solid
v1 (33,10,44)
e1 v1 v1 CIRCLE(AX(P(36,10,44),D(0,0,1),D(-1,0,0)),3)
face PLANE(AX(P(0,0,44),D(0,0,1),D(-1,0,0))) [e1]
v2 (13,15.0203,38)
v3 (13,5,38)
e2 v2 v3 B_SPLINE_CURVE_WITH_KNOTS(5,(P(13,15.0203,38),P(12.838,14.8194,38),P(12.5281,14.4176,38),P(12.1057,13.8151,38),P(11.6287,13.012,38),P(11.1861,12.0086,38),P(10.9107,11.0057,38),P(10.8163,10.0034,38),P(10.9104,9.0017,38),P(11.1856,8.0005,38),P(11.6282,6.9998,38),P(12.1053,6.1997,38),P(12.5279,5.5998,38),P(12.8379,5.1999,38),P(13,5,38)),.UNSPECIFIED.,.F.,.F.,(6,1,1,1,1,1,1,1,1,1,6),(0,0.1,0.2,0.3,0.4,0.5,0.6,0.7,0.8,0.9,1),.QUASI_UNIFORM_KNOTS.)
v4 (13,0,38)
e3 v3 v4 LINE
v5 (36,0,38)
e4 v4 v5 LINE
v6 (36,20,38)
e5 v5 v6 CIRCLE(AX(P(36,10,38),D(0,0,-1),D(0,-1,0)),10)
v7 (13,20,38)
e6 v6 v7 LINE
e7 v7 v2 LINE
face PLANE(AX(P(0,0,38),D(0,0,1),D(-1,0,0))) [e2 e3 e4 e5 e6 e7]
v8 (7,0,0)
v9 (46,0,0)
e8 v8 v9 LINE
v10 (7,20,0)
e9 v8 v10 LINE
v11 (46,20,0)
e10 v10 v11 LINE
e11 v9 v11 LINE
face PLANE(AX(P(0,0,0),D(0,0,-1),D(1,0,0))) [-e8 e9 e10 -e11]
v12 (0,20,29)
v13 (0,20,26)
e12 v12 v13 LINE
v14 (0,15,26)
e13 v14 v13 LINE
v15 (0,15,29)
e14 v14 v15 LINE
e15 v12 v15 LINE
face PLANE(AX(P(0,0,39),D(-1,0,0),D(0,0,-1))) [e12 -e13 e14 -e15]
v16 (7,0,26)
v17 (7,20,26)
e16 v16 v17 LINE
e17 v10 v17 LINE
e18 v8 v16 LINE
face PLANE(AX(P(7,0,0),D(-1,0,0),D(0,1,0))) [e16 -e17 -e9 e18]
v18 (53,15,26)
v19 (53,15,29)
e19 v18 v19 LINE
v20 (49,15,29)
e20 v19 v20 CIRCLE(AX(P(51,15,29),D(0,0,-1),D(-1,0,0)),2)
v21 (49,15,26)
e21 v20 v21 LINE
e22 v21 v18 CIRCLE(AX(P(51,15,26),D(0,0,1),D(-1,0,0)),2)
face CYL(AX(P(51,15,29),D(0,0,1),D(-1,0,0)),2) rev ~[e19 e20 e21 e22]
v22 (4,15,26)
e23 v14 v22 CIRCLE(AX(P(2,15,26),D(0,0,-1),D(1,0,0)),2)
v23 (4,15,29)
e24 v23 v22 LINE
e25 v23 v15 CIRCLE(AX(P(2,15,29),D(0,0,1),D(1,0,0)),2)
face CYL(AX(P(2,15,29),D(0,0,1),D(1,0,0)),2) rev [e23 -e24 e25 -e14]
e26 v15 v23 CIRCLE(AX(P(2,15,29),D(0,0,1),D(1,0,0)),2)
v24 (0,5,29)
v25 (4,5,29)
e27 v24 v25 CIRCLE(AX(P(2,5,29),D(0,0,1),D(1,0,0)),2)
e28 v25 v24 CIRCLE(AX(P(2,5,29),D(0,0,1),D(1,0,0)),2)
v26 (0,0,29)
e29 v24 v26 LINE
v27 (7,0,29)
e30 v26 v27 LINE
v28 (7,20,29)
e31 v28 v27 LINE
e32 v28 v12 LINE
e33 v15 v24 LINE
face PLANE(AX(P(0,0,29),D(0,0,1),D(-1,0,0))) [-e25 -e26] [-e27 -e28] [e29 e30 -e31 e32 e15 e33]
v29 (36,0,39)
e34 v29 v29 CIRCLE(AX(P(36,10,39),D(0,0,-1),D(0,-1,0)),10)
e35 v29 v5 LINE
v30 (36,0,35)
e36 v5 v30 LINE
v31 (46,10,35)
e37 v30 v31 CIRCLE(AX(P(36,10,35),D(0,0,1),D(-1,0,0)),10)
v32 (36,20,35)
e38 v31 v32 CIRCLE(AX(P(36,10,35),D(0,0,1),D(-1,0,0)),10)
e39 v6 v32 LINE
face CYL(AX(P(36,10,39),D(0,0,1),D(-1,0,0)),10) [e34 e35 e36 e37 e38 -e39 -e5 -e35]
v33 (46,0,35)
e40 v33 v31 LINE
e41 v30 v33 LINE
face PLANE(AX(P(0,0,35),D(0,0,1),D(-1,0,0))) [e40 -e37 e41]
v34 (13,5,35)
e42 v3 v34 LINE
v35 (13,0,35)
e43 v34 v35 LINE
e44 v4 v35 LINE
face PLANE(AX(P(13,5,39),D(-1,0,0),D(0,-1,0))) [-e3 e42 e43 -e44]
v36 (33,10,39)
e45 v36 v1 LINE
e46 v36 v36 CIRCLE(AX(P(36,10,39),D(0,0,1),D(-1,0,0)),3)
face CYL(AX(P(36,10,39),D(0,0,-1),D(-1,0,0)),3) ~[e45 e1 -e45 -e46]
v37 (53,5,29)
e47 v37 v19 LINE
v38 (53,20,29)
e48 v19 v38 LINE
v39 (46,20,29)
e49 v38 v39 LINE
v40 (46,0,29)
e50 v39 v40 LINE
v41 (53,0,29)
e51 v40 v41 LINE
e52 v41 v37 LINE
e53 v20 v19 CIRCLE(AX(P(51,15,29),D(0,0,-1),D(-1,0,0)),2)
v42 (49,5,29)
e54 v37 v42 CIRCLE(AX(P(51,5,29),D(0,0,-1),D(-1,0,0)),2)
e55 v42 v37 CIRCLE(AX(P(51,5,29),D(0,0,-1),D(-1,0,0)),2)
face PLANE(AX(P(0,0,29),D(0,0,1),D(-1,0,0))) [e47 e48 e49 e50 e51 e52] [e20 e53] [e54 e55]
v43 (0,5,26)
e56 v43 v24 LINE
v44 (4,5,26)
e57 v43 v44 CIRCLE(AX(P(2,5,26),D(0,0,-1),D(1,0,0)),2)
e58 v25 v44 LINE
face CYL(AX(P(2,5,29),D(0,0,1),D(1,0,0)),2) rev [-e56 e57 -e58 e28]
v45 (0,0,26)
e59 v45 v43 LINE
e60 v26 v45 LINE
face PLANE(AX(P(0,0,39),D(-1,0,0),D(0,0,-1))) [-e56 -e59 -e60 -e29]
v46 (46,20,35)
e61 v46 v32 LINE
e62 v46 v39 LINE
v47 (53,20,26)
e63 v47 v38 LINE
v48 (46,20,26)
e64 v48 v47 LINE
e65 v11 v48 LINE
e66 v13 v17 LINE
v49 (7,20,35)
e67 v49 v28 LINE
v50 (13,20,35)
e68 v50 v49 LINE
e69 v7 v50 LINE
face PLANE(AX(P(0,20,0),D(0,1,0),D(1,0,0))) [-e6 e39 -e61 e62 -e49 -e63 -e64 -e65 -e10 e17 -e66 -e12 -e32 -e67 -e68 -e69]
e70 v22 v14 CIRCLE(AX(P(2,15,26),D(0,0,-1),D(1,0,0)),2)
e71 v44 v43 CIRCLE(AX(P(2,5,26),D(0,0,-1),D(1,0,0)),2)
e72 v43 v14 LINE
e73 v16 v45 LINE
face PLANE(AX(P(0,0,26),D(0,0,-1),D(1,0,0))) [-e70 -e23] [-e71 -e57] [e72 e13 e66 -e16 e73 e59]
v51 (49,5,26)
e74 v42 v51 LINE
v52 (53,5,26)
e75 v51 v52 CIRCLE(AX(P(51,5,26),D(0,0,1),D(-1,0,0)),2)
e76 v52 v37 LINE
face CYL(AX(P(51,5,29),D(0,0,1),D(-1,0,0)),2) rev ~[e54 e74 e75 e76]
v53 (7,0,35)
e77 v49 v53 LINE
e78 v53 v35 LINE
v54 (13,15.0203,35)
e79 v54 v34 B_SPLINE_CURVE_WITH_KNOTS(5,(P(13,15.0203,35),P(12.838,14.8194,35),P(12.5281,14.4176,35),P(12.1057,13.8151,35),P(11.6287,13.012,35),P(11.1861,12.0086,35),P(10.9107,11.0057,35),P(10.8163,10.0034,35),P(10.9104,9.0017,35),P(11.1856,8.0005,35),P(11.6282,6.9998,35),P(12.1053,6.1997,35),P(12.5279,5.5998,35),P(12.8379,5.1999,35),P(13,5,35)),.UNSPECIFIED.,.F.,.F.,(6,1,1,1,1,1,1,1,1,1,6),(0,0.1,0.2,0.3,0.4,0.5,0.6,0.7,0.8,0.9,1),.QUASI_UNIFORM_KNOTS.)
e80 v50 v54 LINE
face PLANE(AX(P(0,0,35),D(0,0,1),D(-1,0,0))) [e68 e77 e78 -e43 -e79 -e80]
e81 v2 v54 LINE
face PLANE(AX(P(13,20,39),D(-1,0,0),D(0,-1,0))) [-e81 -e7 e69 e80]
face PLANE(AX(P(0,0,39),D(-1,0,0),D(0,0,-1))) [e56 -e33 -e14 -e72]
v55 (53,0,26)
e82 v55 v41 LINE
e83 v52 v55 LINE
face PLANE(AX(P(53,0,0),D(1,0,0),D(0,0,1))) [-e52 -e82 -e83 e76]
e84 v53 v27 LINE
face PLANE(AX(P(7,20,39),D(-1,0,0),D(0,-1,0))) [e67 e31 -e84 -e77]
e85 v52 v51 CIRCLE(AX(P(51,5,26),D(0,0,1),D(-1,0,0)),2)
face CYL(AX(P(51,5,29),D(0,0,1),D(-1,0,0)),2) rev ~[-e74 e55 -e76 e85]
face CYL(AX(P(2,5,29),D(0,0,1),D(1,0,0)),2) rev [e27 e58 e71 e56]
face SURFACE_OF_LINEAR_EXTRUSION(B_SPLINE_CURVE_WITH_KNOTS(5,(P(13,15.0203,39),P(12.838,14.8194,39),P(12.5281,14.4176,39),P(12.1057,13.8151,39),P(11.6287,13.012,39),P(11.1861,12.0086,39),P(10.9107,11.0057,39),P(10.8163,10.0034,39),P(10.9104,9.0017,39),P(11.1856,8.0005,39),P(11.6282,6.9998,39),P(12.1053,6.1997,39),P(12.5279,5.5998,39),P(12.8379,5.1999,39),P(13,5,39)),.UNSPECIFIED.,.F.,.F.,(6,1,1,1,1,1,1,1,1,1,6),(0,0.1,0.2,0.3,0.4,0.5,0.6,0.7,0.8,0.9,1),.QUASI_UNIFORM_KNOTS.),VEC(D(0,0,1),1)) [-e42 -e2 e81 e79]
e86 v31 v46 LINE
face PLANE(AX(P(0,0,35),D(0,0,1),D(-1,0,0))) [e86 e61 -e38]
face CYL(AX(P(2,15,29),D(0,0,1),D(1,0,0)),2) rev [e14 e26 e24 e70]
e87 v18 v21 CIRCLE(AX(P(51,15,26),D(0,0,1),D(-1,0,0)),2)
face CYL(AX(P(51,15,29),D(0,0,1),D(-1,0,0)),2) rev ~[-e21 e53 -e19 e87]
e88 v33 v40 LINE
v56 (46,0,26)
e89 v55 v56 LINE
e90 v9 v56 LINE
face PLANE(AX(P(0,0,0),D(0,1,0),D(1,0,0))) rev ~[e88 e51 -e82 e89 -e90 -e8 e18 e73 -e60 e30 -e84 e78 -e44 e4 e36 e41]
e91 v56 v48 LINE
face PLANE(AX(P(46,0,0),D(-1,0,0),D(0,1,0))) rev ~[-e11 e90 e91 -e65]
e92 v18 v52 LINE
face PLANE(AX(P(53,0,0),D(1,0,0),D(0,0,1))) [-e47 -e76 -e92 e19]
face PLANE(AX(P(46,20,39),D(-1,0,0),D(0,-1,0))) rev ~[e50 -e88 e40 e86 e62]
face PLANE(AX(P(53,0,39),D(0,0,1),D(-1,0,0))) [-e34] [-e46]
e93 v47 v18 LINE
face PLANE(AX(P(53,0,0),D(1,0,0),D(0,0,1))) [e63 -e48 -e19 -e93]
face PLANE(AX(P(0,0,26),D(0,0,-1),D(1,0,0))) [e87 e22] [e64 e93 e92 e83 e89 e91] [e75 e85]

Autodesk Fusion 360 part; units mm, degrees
sketch "Sketch1" plane through (0, 0, 0) normal (0, 1, 0) x (1, 0, 0)
  line L0 (0, 0) -> (53, 0)
  line L1 (53, 0) -> (53, -39)
  line L2 (53, -39) -> (0, -39)
  line L3 (0, -39) -> (0, 0)
  dimension "d1" = 53
  dimension "d2" = 39
extrude "Extrude1" add sketch "Sketch1" along normal blind 20
sketch "Sketch2" plane through (0, 0, 39) normal (0, 0, 1) x (-1, 0, 0)
  line L0 (0, 0) -> (-53, 0)
  line L1 (-53, 0) -> (-53, -20)
  line L2 (-53, -20) -> (0, -20)
  line L3 (0, -20) -> (0, 0)
  line L4 (0, -20) -> (-7, -20)
  line L5 (-7, -20) -> (-7, 0)
  line L6 (-7, 0) -> (0, 0)
  line L7 (0, 0) -> (0, -20)
  line L8 (-53, -20) -> (-46, -20)
  line L9 (-46, -20) -> (-46, 0)
  line L10 (-46, 0) -> (-53, 0)
  line L11 (-53, 0) -> (-53, -20)
  dimension "d5" = 7
  dimension "d6" = 7
extrude "Extrude2" cut sketch "Sketch2" against normal blind 10 contours L0 L2 L3 L4 L5 L6 L7 | L0 L1 L2 L8 L9 L10 L11
sketch "Sketch3" plane through (0, 0, 0) normal (0, 0, -1) x (1, 0, 0)
  line L0 (53, 0) -> (0, 0)
  line L1 (0, 0) -> (0, -20)
  line L2 (0, -20) -> (53, -20)
  line L3 (53, -20) -> (53, 0)
  line L4 (0, 0) -> (7, 0)
  line L5 (7, 0) -> (7, -20)
  line L6 (7, -20) -> (0, -20)
  line L7 (0, -20) -> (0, 0)
  line L8 (53, 0) -> (46, 0)
  line L9 (46, 0) -> (46, -20)
  line L10 (46, -20) -> (53, -20)
  line L11 (53, -20) -> (53, 0)
  dimension "d9" = 7
  dimension "d10" = 7
extrude "Extrude3" cut sketch "Sketch3" against normal blind 26 contours L0 L2 L3 L8 L9 L10 L11 | L0 L1 L2 L4 L5 L6 L7
sketch "Sketch4" plane through (0, 0, 39) normal (0, 0, 1) x (-1, 0, 0)
  line L0 (-7, -20) -> (-7, 0)
  line L1 (-7, 0) -> (-46, 0)
  line L2 (-46, 0) -> (-46, -20)
  line L3 (-46, -20) -> (-7, -20)
  line L4 (-7, -20) -> (-13, -20)
  line L5 (-13, -20) -> (-13, 0)
  line L6 (-13, 0) -> (-7, 0)
  line L7 (-7, 0) -> (-7, -20)
  circle A0 centre (-36, -10) radius 10
  circle A1 centre (-36, -10) radius 6.5
  circle A2 centre (-36, -10) radius 3
  spline S0 degree 5 poles (-13, -15.0203) (-12.838, -14.8194) (-12.5281, -14.4176) (-12.1057, -13.8151) (-11.6287, -13.012) (-11.1861, -12.0086) (-10.9107, -11.0057) (-10.8163, -10.0034) (-10.9104, -9.0017) (-11.1856, -8.0005) (-11.6282, -6.9998) (-12.1053, -6.1997) (-12.5279, -5.5998) (-12.8379, -5.1999) (-13, -5) knots 0 0 0 0 0 0 0.1 0.2 0.3 0.4 0.5 0.6 0.7 0.8 0.9 1 1 1 1 1 1
  point P0 (-13, -10)
  point P1 (-13, -15.0203)
  point P2 (-13, -5)
  point P3 (-10.8633, -10)
  dimension "d13" = 6
  dimension "d14" = 20
  dimension "d15" = 13
  dimension "d16" = 6
extrude "Extrude4" cut sketch "Sketch4" against normal blind 4 contours L0 L1 L3 L4 L5 L6 L7 S0 | L2 L3 A0 | L1 L2 A0
extrude "Extrude5" cut sketch "Sketch4" against normal blind 1 contours L1 L3 L5 A0 | L2 L3 A0 | L5 S0 | L1 L2 A0
extrude "Extrude6" add sketch "Sketch4" along normal blind 5 contours A2
sketch "Sketch5" plane through (0, 0, 29) normal (0, 0, 1) x (-1, 0, 0)
  line L0 (-53, 0) -> (-53, -20)
  line L1 (-53, -20) -> (-46, -20)
  line L2 (-46, -20) -> (-46, 0)
  line L3 (-46, 0) -> (-53, 0)
  line L4 (-53, 0) -> (-51, 0)
  line L5 (-51, 0) -> (-51, -5)
  line L6 (-51, -5) -> (-53, -5)
  line L7 (-53, -5) -> (-53, 0)
  circle A0 centre (-51, -5) radius 2
  line L8 (-53, -20) -> (-51, -20)
  line L9 (-51, -20) -> (-51, -15)
  line L10 (-51, -15) -> (-53, -15)
  line L11 (-53, -15) -> (-53, -20)
  circle A1 centre (-51, -15) radius 2
  dimension "d23" = 2
  dimension "d24" = 5
  dimension "d25" = 4
  dimension "d26" = 2
  dimension "d27" = 5
  dimension "d28" = 4
extrude "Extrude7" cut sketch "Sketch5" against normal blind 3 contours L5 L6 A0 | L5 L6 A0 | L9 L10 A1 | L9 L10 A1
ref_plane "WorkPlane1" through (26.5, 0, 0) normal (1, 0, 0) x (0, 1, 0)
mirror "Mirror1" about plane through (26.5, 0, 0) normal (1, 0, 0) of "Extrude7"
